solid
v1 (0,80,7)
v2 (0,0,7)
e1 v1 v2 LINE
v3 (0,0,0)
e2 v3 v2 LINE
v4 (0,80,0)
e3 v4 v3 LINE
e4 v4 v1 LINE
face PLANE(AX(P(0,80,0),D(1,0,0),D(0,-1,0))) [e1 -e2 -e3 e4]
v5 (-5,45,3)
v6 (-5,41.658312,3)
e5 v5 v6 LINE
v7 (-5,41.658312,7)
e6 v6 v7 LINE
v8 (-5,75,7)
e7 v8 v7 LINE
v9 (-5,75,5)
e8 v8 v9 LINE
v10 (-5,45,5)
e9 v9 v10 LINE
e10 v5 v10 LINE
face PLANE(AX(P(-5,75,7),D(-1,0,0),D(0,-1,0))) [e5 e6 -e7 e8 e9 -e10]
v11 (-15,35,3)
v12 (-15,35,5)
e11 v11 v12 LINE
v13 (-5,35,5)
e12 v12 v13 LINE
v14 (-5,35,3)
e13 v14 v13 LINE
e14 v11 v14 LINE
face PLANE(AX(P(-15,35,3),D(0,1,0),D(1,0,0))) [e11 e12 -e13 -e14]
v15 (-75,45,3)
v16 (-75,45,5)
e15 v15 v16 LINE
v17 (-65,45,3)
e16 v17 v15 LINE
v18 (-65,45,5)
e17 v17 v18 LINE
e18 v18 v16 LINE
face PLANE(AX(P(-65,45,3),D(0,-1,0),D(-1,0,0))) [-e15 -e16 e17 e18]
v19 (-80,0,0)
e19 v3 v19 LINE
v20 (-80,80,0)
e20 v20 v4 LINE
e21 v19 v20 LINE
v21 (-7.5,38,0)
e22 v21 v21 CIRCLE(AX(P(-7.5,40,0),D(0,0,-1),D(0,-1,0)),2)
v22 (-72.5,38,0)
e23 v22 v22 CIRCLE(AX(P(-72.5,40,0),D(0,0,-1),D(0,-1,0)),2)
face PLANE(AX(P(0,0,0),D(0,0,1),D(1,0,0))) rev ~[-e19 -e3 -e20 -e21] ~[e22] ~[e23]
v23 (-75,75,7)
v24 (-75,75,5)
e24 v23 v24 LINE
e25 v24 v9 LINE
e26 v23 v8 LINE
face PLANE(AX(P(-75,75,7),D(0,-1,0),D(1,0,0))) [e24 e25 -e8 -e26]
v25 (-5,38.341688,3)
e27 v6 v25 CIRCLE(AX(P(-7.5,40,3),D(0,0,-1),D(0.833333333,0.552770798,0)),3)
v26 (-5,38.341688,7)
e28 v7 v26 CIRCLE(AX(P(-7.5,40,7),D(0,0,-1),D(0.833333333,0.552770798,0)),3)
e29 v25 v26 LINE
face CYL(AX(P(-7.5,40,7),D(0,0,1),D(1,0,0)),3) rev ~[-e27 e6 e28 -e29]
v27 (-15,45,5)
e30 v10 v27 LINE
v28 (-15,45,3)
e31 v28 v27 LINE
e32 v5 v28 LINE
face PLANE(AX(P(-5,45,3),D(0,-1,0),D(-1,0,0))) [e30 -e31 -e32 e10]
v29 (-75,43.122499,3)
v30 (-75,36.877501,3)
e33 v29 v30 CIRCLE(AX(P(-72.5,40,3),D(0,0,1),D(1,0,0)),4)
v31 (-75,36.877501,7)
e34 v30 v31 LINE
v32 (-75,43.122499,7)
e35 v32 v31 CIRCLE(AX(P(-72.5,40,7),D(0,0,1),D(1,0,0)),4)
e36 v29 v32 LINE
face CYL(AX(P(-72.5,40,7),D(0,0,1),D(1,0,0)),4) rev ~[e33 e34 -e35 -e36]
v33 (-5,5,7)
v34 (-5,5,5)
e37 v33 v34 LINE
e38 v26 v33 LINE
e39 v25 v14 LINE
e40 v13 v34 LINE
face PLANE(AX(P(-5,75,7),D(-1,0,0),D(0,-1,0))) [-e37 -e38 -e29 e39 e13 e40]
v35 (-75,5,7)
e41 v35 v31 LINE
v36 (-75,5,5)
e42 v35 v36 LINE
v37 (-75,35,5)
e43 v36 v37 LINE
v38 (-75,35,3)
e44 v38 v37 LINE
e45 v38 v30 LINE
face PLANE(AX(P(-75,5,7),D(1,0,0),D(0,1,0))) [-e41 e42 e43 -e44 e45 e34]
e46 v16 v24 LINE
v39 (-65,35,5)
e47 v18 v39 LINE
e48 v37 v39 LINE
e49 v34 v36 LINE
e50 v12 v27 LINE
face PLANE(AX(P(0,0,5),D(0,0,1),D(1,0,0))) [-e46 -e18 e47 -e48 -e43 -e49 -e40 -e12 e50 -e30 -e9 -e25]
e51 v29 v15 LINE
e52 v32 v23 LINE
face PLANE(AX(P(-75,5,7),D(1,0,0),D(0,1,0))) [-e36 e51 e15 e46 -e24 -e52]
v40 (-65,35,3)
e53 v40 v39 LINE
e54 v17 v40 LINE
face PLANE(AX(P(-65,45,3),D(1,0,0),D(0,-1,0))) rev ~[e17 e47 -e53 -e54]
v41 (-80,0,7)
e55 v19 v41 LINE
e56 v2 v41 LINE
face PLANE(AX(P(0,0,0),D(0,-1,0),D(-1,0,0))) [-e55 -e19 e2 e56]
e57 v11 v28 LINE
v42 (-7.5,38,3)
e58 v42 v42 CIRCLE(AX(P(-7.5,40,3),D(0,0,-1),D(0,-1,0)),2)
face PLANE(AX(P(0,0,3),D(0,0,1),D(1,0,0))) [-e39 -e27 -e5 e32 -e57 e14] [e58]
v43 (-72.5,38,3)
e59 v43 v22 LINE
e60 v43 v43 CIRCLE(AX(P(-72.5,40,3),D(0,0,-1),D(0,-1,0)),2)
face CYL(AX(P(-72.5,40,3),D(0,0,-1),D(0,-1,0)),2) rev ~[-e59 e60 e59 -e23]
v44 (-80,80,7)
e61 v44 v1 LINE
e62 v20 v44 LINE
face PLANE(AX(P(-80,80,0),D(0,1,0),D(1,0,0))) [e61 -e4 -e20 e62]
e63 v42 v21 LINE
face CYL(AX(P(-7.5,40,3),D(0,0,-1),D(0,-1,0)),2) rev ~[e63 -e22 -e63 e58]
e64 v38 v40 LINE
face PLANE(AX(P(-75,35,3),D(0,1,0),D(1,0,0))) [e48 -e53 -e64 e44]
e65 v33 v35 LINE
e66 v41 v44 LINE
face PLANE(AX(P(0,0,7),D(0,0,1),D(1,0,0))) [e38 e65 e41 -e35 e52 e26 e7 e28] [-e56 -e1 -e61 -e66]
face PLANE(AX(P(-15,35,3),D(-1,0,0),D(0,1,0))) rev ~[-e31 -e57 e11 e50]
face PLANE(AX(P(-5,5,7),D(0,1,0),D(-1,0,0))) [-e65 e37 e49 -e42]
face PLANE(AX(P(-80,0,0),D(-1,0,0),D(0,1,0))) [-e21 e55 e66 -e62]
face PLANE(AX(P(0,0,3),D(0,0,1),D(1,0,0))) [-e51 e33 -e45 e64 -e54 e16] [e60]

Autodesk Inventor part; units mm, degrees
ref_plane "YZ Plane" through (0, 0, 0) normal (1, 0, 0) x (0, 1, 0)
ref_plane "XZ Plane" through (0, 0, 0) normal (0, 1, 0) x (-1, 0, 0)
ref_plane "XY Plane" through (0, 0, 0) normal (0, 0, 1) x (1, 0, 0)
sketch "Sketch1" plane through (0, 0, 0) normal (0, 0, 1) x (1, 0, 0)
  line L0 (0, 0) -> (-80, 0)
  line L1 (-80, 0) -> (-80, 80)
  line L2 (-80, 80) -> (0, 80)
  line L3 (0, 80) -> (0, 0)
  line L4 (-75, 75) -> (-5, 75)
  line L5 (-5, 75) -> (-5, 5)
  line L6 (-5, 5) -> (-75, 5)
  line L7 (-75, 5) -> (-75, 75)
  dimension "d0" = 80
  dimension "d1" = 80
  dimension "d2" = 70
  dimension "d3" = 70
extrude "Extrusion1" add sketch "Sketch1" along normal blind 7 contours L0 L1 L2 L3 | L4 L5 L6 L7
sketch "Sketch2" plane through (-80, 80, 0) normal (0, 1, 0) x (1, 0, 0)
  line L0 (24.4, -3.45) -> (15.6, -3.45)
  line L1 (15.6, -3.45) -> (15.6, -6.55)
  line L2 (15.6, -6.55) -> (24.4, -6.55)
  line L3 (24.4, -6.55) -> (24.4, -3.45)
  line L4 (64.4, -3.45) -> (55.6, -3.45)
  line L5 (55.6, -3.45) -> (55.6, -6.55)
  line L6 (55.6, -6.55) -> (64.4, -6.55)
  line L7 (64.4, -6.55) -> (64.4, -3.45)
  point P0 (80, 0)
  point P1 (20, -5)
  point P2 (60, -5)
  dimension "d8" = 8.8
  dimension "d9" = 3.1
  dimension "d12" = 8.8
  dimension "d13" = 3.1
extrude "Extrusion2" [suppressed]
sketch "Sketch4" plane through (0, 0, 7) normal (0, 0, 1) x (1, 0, 0)
  line L0 (-5, 5) -> (-75, 5)
  line L1 (-75, 5) -> (-75, 75)
  line L2 (-75, 75) -> (-5, 75)
  line L3 (-5, 75) -> (-5, 5)
  point P0 (0, 0)
  point P1 (-7.5, 40)
  point P2 (-72.5, 40)
  dimension "d21" = 70
  dimension "d22" = 70
extrude "Extrusion3" cut sketch "Sketch4" against normal blind 4
sketch "Sketch5" plane through (-80, 0, 0) normal (0, -1, 0) x (1, 0, 0)
  line L0 (2, 2) -> (12, 2)
  line L1 (12, 2) -> (12, 5)
  line L2 (12, 5) -> (2, 5)
  line L3 (2, 5) -> (2, 2)
  line L4 (78, 2) -> (68, 2)
  line L5 (68, 2) -> (68, 5)
  line L6 (68, 5) -> (78, 5)
  line L7 (78, 5) -> (78, 2)
  point P0 (80, 0)
  dimension "d25" = 10
  dimension "d26" = 3
  dimension "d27" = 10
  dimension "d28" = 3
extrude "Extrusion4" [suppressed]
sketch "Sketch8" plane through (0, 0, 7) normal (0, 0, 1) x (1, 0, 0)
  circle A0 centre (-7.5, 40) radius 3
  circle A1 centre (-72.5, 40) radius 4
  point P0 (0, 0)
  dimension "d42" = 6
  dimension "d43" = 8
extrude "Extrusion5" cut sketch "Sketch8" against normal blind 4
sketch "Sketch9" plane through (0, 0, 3) normal (0, 0, 1) x (1, 0, 0)
  point P0 (0, 0)
  point P1 (-7.5, 40)
  point P2 (-72.5, 40)
hole "Hole2" at (-7.5, 40, 3) at (-72.5, 40, 3) direction (0, 0, -1) diameter 4 depth 8
sketch "Sketch11" plane through (0, 0, 3) normal (0, 0, 1) x (1, 0, 0)
  line L0 (-5, 38.3417) -> (-5, 5) projected
  line L1 (-5, 5) -> (-75, 5)
  line L2 (-75, 5) -> (-75, 35)
  line L3 (-75, 35) -> (-5, 35)
  line L4 (-5, 35) -> (-5, 5)
  line L5 (-75, 43.1225) -> (-75, 75) projected
  line L6 (-75, 75) -> (-5, 75)
  line L7 (-5, 75) -> (-5, 45)
  line L8 (-5, 45) -> (-75, 45)
  line L9 (-75, 45) -> (-75, 75)
  line L10 (-65, 35) -> (-15, 35)
  line L11 (-15, 35) -> (-15, 45)
  line L12 (-15, 45) -> (-65, 45)
  line L13 (-65, 45) -> (-65, 35)
  point P0 (0, 0)
  dimension "d60" = 70
  dimension "d61" = 30
  dimension "d62" = 70
  dimension "d63" = 30
  dimension "d66" = 50
extrude "Extrusion7" add sketch "Sketch11" along normal blind 2
properties part number "Marker_TestFit"
